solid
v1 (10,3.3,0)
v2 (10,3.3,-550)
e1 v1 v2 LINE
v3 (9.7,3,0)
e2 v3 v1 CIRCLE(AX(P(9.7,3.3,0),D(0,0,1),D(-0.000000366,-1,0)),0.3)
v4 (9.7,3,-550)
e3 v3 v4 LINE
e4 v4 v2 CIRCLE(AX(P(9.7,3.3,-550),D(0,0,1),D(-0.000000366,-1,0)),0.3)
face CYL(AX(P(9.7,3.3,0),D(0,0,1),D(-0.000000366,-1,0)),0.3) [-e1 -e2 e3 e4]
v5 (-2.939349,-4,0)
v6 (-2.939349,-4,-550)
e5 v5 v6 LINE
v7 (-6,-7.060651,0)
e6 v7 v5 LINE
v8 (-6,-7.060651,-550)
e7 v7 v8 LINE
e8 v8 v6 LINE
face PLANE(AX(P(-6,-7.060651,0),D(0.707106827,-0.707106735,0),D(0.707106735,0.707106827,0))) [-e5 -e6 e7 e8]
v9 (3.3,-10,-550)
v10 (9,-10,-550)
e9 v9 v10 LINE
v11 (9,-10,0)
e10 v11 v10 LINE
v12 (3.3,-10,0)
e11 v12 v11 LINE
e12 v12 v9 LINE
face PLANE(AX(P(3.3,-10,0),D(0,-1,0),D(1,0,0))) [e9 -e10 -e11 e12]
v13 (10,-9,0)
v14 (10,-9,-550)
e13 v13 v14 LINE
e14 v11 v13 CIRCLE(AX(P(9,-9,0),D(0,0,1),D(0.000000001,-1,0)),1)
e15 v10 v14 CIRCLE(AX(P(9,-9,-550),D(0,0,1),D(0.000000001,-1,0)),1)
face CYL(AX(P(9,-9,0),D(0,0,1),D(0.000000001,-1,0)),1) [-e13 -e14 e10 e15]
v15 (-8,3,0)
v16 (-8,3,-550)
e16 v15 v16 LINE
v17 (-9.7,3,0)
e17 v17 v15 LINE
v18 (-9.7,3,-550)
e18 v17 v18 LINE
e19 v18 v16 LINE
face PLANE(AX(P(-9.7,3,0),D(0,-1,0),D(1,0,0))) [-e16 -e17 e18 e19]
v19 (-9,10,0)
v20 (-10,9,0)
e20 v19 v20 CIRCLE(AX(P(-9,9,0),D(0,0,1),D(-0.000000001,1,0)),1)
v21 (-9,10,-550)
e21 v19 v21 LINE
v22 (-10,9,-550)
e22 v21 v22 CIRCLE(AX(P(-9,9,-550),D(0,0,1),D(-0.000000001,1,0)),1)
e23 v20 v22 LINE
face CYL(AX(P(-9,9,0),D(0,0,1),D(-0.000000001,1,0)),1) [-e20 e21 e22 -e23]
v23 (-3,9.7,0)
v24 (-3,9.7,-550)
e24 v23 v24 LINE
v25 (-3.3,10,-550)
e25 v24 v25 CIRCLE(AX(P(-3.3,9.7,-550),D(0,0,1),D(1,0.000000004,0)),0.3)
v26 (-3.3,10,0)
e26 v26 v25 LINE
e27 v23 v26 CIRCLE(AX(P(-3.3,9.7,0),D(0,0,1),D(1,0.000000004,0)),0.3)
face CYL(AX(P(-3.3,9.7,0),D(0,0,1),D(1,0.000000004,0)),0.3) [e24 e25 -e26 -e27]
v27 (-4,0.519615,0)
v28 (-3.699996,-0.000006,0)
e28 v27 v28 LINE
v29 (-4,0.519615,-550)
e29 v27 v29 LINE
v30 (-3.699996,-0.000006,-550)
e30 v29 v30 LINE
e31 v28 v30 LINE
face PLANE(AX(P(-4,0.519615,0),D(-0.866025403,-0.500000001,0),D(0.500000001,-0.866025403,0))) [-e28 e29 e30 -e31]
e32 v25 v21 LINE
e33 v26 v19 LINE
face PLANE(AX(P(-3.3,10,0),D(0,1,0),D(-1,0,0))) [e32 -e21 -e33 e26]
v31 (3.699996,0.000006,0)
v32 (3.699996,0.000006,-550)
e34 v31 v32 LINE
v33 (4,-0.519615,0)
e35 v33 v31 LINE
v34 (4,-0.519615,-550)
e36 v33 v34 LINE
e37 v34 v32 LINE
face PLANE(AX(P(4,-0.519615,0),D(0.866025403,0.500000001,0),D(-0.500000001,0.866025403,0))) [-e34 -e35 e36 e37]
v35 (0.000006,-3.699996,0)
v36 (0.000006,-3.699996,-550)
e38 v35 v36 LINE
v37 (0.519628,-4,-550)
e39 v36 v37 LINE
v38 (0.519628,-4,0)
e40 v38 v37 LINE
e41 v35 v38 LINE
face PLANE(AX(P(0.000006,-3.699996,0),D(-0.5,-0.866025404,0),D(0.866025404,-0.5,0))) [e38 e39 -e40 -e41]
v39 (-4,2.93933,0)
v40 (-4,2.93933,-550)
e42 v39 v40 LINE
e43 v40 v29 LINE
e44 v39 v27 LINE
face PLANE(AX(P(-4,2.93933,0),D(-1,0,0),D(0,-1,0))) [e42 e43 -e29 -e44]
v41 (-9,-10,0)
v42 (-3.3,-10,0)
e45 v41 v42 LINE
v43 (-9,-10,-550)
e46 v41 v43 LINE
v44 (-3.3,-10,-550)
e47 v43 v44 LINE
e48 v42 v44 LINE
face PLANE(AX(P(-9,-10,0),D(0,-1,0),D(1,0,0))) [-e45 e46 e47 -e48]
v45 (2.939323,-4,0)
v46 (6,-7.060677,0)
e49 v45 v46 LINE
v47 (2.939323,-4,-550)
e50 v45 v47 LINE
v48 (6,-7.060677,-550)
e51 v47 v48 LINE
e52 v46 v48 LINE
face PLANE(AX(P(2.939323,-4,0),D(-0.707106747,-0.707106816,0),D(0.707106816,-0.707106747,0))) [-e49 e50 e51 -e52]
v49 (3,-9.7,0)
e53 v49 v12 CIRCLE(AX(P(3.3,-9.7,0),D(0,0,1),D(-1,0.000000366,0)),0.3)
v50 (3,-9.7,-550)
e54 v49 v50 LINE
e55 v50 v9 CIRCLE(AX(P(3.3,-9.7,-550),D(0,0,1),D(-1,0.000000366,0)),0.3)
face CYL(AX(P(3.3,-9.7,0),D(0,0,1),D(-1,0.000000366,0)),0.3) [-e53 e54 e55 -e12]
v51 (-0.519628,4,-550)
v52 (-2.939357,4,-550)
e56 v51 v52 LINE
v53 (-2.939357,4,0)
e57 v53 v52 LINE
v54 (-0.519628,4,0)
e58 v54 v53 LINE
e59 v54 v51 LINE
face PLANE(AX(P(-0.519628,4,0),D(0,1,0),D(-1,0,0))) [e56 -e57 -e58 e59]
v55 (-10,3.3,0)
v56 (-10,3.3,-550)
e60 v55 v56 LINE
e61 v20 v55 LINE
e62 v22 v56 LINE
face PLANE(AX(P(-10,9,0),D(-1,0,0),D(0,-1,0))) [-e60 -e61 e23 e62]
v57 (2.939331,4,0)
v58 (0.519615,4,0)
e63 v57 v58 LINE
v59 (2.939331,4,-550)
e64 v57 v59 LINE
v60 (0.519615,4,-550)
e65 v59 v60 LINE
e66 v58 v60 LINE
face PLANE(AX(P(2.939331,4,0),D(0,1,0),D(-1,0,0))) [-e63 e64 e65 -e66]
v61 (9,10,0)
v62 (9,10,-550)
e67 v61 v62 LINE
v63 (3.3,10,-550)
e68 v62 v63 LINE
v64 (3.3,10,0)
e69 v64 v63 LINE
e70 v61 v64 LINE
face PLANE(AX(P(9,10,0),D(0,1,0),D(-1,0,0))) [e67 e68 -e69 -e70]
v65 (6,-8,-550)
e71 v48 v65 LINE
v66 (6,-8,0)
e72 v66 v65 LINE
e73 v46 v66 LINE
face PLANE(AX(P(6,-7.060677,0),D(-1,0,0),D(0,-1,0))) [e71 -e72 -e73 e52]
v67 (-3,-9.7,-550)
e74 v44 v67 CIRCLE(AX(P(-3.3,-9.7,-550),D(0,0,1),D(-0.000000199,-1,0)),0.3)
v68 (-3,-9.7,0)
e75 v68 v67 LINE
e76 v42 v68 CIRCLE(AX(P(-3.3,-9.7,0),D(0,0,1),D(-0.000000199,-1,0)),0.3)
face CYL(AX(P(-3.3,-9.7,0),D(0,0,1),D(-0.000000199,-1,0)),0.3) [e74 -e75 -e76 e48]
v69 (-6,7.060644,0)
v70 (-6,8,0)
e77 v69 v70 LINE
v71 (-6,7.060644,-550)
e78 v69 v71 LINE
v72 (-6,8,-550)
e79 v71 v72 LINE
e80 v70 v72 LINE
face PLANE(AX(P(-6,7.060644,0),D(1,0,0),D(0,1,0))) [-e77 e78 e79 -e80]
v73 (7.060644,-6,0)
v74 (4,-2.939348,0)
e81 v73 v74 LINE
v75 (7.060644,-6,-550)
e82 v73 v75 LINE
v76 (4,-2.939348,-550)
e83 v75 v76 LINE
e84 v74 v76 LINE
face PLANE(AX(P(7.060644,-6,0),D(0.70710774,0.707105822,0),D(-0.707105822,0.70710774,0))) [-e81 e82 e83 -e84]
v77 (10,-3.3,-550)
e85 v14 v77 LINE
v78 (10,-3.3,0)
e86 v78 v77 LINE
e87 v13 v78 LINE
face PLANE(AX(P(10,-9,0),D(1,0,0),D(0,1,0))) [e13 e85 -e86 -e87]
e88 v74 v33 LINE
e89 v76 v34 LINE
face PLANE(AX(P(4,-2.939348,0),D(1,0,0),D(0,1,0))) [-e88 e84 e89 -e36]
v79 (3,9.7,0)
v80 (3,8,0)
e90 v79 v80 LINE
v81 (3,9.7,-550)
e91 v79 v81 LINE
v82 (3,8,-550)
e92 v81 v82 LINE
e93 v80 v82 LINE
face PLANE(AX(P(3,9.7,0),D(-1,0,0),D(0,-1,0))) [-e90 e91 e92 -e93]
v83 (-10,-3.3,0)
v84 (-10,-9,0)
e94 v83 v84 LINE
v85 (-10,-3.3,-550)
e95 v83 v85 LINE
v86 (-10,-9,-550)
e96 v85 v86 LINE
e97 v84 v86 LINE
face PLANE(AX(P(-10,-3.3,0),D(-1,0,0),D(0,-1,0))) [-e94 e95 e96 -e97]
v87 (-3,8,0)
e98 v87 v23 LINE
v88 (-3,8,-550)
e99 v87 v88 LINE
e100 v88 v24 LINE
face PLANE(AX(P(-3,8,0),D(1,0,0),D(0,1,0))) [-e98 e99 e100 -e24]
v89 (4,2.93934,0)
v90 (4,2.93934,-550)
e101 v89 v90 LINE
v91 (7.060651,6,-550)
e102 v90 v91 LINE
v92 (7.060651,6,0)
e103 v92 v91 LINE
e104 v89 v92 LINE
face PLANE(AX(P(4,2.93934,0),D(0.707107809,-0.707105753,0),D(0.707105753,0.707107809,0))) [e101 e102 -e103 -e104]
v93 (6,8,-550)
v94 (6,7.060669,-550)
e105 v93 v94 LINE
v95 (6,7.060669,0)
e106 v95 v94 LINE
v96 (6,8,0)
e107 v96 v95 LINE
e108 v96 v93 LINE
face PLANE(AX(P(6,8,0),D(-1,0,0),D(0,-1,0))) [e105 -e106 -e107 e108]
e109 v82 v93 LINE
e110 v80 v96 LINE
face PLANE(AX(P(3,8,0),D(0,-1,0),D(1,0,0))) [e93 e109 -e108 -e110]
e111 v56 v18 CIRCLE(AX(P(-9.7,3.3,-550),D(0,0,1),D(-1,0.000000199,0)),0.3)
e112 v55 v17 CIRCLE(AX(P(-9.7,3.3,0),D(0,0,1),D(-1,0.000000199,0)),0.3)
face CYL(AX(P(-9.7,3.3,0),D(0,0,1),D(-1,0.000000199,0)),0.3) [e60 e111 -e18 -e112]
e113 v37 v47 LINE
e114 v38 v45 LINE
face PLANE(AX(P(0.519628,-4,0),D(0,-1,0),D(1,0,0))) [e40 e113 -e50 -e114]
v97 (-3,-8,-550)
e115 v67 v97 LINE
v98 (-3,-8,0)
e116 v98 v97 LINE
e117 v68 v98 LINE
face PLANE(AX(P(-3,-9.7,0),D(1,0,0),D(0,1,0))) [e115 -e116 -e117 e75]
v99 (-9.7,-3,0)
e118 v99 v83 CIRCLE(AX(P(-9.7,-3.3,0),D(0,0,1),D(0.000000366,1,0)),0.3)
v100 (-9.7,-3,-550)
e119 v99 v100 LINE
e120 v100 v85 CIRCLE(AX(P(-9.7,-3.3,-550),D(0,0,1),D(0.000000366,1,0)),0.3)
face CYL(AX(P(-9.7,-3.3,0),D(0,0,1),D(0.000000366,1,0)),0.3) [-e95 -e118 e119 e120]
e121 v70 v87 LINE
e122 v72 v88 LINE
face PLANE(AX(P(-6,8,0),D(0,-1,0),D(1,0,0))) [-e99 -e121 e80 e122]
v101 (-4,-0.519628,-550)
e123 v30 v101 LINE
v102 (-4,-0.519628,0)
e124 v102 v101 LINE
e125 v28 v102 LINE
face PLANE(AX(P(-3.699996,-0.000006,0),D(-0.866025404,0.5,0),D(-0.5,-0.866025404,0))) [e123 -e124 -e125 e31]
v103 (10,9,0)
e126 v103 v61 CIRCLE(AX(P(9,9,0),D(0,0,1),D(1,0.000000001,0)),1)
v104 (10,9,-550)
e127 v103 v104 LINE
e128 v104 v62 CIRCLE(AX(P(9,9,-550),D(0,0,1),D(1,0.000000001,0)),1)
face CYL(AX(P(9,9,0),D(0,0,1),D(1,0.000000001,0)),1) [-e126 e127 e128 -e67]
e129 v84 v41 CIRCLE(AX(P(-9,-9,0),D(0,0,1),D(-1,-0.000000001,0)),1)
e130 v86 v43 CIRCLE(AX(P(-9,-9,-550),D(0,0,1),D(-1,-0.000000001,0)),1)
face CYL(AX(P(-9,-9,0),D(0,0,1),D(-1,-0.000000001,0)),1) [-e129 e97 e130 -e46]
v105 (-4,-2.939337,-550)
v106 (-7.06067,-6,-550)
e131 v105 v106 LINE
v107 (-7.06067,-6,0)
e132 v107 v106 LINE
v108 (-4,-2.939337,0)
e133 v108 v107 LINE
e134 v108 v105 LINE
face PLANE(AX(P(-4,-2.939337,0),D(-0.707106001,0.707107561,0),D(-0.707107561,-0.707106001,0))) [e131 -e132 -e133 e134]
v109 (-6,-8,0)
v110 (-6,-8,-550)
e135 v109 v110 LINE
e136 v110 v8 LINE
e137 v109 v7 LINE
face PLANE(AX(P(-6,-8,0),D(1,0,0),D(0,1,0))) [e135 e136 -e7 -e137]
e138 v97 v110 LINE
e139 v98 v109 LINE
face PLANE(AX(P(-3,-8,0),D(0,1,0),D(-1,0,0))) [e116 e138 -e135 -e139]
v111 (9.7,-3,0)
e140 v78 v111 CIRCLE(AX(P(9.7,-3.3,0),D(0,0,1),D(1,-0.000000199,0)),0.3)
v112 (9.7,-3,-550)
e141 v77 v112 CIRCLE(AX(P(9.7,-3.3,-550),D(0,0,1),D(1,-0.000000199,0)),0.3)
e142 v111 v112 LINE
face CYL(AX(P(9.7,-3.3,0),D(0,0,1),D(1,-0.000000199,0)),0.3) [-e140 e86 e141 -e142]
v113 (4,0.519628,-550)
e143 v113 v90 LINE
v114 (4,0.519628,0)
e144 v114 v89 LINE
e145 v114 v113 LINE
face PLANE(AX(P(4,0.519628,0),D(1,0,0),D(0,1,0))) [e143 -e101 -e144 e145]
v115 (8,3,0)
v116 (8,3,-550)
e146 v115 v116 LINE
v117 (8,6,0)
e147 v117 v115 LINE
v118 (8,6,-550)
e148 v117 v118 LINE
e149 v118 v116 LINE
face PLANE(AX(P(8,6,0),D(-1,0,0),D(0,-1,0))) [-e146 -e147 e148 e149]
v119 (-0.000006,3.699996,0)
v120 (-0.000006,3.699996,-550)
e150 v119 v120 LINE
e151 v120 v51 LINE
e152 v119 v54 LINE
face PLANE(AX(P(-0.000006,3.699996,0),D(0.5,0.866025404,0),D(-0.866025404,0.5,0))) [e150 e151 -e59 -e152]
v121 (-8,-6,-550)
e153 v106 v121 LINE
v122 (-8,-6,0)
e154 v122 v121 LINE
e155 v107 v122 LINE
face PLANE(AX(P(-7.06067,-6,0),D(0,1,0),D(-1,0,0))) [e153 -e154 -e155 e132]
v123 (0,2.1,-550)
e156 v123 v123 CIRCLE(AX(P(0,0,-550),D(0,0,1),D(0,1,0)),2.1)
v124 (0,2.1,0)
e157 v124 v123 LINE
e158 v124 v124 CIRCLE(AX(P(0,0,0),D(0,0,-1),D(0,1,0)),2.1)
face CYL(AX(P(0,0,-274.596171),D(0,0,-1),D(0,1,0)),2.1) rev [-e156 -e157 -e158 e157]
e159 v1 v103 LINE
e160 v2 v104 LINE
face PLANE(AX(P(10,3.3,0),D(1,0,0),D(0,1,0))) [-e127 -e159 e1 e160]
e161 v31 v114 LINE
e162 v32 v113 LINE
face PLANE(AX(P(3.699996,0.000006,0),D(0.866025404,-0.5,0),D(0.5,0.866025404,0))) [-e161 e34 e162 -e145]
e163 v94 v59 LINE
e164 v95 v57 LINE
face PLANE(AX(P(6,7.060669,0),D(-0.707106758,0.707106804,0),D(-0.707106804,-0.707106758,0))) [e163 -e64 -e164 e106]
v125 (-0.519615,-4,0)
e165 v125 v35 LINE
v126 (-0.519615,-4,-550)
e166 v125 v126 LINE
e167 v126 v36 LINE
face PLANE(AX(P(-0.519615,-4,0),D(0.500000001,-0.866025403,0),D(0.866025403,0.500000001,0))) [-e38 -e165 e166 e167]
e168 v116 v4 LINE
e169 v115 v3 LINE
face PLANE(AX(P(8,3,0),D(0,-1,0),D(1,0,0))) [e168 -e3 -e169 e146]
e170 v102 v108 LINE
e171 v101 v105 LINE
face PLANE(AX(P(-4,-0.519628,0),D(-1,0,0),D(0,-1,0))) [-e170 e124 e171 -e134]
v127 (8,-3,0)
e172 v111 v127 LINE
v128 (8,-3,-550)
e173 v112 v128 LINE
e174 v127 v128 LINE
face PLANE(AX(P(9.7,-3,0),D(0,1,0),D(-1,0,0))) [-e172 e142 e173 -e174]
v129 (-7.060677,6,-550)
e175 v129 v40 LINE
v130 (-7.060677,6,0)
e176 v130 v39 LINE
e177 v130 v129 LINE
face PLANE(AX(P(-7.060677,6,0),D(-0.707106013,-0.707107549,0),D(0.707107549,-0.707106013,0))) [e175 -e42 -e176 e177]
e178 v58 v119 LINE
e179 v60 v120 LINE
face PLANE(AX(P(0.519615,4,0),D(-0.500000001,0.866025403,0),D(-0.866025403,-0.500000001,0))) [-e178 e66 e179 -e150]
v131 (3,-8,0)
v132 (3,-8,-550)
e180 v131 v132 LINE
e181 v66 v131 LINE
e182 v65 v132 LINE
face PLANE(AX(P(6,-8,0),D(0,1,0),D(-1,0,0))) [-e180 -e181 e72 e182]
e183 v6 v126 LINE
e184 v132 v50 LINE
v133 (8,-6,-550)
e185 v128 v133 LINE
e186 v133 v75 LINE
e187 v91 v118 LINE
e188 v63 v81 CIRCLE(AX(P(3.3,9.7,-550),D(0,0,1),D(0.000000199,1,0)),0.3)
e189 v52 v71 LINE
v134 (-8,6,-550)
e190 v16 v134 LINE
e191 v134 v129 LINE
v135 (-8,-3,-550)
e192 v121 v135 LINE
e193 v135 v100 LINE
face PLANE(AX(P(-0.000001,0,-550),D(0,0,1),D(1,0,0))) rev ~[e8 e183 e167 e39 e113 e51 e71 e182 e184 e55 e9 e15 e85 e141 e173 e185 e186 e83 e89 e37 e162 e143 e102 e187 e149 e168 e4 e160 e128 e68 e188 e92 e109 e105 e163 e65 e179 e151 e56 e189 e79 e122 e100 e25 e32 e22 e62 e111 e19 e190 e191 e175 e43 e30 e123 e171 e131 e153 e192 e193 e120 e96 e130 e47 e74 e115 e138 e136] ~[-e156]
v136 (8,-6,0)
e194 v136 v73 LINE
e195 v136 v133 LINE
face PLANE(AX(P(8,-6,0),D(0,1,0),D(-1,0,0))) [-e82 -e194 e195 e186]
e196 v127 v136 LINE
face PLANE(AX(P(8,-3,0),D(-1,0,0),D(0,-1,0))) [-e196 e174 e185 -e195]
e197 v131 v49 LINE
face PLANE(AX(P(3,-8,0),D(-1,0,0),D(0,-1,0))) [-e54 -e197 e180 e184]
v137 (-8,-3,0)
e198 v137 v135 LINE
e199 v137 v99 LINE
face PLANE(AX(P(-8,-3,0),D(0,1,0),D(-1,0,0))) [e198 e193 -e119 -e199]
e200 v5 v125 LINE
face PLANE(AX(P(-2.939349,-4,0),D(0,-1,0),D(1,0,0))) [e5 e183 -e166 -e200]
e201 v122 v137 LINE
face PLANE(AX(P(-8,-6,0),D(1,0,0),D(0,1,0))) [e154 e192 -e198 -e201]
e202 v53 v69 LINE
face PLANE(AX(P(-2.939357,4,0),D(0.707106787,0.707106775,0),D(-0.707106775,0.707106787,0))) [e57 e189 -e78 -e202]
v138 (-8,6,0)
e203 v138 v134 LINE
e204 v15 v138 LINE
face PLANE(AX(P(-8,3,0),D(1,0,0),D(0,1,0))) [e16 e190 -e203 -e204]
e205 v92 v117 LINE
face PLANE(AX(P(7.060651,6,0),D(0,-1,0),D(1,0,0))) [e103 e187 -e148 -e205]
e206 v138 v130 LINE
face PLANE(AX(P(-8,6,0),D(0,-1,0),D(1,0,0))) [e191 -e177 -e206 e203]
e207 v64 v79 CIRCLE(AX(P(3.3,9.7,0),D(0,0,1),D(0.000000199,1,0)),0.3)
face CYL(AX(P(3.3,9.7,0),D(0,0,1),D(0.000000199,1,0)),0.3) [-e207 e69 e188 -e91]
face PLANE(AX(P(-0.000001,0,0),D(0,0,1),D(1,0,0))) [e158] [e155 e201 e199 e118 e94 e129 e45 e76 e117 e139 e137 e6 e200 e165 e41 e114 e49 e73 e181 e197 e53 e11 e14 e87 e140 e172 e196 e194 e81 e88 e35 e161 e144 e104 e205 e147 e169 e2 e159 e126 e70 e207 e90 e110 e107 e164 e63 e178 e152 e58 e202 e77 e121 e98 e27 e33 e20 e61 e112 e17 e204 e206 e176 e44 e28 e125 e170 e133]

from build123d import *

# Parameters (mm, degrees)
BOSS_EXTRUDE1_DEPTH = 550
SKETCH2_W           = 550.807657805
SKETCH2_H           = 2.1


with BuildPart() as part:
    # Sketch1 → Boss-Extrude1 (new body)
    with BuildSketch(Plane.XY):
        with BuildLine():
            Line((-10, 9), (-10, 3.29999995))
            ThreePointArc((-10, 3.29999995), (-9.912132049, 3.087867916), (-9.7, 3))
            Line((-9.7, 3), (-8, 3))
            Line((-8, 3), (-8, 6))
            Line((-8, 6), (-7.060677, 6))
            Line((-7.060677, 6), (-4, 2.93932965))
            Line((-4, 2.93932965), (-4, 0.519615242))
            Line((-4, 0.519615242), (-3.699996283, -6.437e-06))
            Line((-3.699996283, -6.437e-06), (-4, -0.519628117))
            Line((-4, -0.519628117), (-4, -2.93933725))
            Line((-4, -2.93933725), (-7.0606695, -6))
            Line((-7.0606695, -6), (-8, -6))
            Line((-8, -6), (-8, -3))
            Line((-8, -3), (-9.7, -3))
            ThreePointArc((-9.7, -3), (-9.912132049, -3.087867916), (-10, -3.29999995))
            Line((-10, -3.29999995), (-10, -9))
            ThreePointArc((-10, -9), (-9.707106781, -9.707106781), (-9, -10))
            Line((-9, -10), (-3.29999995, -10))
            ThreePointArc((-3.29999995, -10), (-3.087867916, -9.912132049), (-3, -9.7))
            Line((-3, -9.7), (-3, -8))
            Line((-3, -8), (-6, -8))
            Line((-6, -8), (-6, -7.0606515))
            Line((-6, -7.0606515), (-2.9393489, -4))
            Line((-2.9393489, -4), (-0.519615242, -4))
            Line((-0.519615242, -4), (6.437e-06, -3.699996283))
            Line((6.437e-06, -3.699996283), (0.519628117, -4))
            Line((0.519628117, -4), (2.9393227, -4))
            Line((2.9393227, -4), (6, -7.060677))
            Line((6, -7.060677), (6, -8))
            Line((6, -8), (3, -8))
            Line((3, -8), (3, -9.7))
            ThreePointArc((3, -9.7), (3.087867916, -9.912132049), (3.29999995, -10))
            Line((3.29999995, -10), (9, -10))
            ThreePointArc((9, -10), (9.707106781, -9.707106781), (10, -9))
            Line((10, -9), (10, -3.29999995))
            ThreePointArc((10, -3.29999995), (9.912132049, -3.087867916), (9.7, -3))
            Line((9.7, -3), (8, -3))
            Line((8, -3), (8, -6))
            Line((8, -6), (7.0606435, -6))
            Line((7.0606435, -6), (4, -2.9393482))
            Line((4, -2.9393482), (4, -0.519615242))
            Line((4, -0.519615242), (3.699996283, 6.437e-06))
            Line((3.699996283, 6.437e-06), (4, 0.519628117))
            Line((4, 0.519628117), (4, 2.9393401))
            Line((4, 2.9393401), (7.060651, 6))
            Line((7.060651, 6), (8, 6))
            Line((8, 6), (8, 3))
            Line((8, 3), (9.7, 3))
            ThreePointArc((9.7, 3), (9.912132049, 3.087867916), (10, 3.29999995))
            Line((10, 3.29999995), (10, 9))
            ThreePointArc((10, 9), (9.707106781, 9.707106781), (9, 10))
            Line((9, 10), (3.29999995, 10))
            ThreePointArc((3.29999995, 10), (3.087867916, 9.912132049), (3, 9.7))
            Line((3, 9.7), (3, 8))
            Line((3, 8), (6, 8))
            Line((6, 8), (6, 7.060669))
            Line((6, 7.060669), (2.9393308, 4))
            Line((2.9393308, 4), (0.519615242, 4))
            Line((0.519615242, 4), (-6.437e-06, 3.699996283))
            Line((-6.437e-06, 3.699996283), (-0.519628117, 4))
            Line((-0.519628117, 4), (-2.93935655, 4))
            Line((-2.93935655, 4), (-6, 7.0606435))
            Line((-6, 7.0606435), (-6, 8))
            Line((-6, 8), (-3, 8))
            Line((-3, 8), (-3, 9.7))
            ThreePointArc((-3, 9.7), (-3.087867966, 9.912132034), (-3.3, 10))
            Line((-3.3, 10), (-9, 10))
            ThreePointArc((-9, 10), (-9.707106781, 9.707106781), (-10, 9))
        make_face()
    extrude(amount=-BOSS_EXTRUDE1_DEPTH)

    # Sketch2 → Cut-Revolve1 (revolve, cut)
    with BuildSketch(Plane(origin=(0, 0, 0), x_dir=(0, 0, -1), z_dir=(1, 0, 0))):
        with Locations((274.596171098, 1.05)):
            Rectangle(SKETCH2_W, SKETCH2_H)
    revolve(axis=Axis((0, 0, -550), (0, 0, 1)), mode=Mode.SUBTRACT)


solid = part.part
